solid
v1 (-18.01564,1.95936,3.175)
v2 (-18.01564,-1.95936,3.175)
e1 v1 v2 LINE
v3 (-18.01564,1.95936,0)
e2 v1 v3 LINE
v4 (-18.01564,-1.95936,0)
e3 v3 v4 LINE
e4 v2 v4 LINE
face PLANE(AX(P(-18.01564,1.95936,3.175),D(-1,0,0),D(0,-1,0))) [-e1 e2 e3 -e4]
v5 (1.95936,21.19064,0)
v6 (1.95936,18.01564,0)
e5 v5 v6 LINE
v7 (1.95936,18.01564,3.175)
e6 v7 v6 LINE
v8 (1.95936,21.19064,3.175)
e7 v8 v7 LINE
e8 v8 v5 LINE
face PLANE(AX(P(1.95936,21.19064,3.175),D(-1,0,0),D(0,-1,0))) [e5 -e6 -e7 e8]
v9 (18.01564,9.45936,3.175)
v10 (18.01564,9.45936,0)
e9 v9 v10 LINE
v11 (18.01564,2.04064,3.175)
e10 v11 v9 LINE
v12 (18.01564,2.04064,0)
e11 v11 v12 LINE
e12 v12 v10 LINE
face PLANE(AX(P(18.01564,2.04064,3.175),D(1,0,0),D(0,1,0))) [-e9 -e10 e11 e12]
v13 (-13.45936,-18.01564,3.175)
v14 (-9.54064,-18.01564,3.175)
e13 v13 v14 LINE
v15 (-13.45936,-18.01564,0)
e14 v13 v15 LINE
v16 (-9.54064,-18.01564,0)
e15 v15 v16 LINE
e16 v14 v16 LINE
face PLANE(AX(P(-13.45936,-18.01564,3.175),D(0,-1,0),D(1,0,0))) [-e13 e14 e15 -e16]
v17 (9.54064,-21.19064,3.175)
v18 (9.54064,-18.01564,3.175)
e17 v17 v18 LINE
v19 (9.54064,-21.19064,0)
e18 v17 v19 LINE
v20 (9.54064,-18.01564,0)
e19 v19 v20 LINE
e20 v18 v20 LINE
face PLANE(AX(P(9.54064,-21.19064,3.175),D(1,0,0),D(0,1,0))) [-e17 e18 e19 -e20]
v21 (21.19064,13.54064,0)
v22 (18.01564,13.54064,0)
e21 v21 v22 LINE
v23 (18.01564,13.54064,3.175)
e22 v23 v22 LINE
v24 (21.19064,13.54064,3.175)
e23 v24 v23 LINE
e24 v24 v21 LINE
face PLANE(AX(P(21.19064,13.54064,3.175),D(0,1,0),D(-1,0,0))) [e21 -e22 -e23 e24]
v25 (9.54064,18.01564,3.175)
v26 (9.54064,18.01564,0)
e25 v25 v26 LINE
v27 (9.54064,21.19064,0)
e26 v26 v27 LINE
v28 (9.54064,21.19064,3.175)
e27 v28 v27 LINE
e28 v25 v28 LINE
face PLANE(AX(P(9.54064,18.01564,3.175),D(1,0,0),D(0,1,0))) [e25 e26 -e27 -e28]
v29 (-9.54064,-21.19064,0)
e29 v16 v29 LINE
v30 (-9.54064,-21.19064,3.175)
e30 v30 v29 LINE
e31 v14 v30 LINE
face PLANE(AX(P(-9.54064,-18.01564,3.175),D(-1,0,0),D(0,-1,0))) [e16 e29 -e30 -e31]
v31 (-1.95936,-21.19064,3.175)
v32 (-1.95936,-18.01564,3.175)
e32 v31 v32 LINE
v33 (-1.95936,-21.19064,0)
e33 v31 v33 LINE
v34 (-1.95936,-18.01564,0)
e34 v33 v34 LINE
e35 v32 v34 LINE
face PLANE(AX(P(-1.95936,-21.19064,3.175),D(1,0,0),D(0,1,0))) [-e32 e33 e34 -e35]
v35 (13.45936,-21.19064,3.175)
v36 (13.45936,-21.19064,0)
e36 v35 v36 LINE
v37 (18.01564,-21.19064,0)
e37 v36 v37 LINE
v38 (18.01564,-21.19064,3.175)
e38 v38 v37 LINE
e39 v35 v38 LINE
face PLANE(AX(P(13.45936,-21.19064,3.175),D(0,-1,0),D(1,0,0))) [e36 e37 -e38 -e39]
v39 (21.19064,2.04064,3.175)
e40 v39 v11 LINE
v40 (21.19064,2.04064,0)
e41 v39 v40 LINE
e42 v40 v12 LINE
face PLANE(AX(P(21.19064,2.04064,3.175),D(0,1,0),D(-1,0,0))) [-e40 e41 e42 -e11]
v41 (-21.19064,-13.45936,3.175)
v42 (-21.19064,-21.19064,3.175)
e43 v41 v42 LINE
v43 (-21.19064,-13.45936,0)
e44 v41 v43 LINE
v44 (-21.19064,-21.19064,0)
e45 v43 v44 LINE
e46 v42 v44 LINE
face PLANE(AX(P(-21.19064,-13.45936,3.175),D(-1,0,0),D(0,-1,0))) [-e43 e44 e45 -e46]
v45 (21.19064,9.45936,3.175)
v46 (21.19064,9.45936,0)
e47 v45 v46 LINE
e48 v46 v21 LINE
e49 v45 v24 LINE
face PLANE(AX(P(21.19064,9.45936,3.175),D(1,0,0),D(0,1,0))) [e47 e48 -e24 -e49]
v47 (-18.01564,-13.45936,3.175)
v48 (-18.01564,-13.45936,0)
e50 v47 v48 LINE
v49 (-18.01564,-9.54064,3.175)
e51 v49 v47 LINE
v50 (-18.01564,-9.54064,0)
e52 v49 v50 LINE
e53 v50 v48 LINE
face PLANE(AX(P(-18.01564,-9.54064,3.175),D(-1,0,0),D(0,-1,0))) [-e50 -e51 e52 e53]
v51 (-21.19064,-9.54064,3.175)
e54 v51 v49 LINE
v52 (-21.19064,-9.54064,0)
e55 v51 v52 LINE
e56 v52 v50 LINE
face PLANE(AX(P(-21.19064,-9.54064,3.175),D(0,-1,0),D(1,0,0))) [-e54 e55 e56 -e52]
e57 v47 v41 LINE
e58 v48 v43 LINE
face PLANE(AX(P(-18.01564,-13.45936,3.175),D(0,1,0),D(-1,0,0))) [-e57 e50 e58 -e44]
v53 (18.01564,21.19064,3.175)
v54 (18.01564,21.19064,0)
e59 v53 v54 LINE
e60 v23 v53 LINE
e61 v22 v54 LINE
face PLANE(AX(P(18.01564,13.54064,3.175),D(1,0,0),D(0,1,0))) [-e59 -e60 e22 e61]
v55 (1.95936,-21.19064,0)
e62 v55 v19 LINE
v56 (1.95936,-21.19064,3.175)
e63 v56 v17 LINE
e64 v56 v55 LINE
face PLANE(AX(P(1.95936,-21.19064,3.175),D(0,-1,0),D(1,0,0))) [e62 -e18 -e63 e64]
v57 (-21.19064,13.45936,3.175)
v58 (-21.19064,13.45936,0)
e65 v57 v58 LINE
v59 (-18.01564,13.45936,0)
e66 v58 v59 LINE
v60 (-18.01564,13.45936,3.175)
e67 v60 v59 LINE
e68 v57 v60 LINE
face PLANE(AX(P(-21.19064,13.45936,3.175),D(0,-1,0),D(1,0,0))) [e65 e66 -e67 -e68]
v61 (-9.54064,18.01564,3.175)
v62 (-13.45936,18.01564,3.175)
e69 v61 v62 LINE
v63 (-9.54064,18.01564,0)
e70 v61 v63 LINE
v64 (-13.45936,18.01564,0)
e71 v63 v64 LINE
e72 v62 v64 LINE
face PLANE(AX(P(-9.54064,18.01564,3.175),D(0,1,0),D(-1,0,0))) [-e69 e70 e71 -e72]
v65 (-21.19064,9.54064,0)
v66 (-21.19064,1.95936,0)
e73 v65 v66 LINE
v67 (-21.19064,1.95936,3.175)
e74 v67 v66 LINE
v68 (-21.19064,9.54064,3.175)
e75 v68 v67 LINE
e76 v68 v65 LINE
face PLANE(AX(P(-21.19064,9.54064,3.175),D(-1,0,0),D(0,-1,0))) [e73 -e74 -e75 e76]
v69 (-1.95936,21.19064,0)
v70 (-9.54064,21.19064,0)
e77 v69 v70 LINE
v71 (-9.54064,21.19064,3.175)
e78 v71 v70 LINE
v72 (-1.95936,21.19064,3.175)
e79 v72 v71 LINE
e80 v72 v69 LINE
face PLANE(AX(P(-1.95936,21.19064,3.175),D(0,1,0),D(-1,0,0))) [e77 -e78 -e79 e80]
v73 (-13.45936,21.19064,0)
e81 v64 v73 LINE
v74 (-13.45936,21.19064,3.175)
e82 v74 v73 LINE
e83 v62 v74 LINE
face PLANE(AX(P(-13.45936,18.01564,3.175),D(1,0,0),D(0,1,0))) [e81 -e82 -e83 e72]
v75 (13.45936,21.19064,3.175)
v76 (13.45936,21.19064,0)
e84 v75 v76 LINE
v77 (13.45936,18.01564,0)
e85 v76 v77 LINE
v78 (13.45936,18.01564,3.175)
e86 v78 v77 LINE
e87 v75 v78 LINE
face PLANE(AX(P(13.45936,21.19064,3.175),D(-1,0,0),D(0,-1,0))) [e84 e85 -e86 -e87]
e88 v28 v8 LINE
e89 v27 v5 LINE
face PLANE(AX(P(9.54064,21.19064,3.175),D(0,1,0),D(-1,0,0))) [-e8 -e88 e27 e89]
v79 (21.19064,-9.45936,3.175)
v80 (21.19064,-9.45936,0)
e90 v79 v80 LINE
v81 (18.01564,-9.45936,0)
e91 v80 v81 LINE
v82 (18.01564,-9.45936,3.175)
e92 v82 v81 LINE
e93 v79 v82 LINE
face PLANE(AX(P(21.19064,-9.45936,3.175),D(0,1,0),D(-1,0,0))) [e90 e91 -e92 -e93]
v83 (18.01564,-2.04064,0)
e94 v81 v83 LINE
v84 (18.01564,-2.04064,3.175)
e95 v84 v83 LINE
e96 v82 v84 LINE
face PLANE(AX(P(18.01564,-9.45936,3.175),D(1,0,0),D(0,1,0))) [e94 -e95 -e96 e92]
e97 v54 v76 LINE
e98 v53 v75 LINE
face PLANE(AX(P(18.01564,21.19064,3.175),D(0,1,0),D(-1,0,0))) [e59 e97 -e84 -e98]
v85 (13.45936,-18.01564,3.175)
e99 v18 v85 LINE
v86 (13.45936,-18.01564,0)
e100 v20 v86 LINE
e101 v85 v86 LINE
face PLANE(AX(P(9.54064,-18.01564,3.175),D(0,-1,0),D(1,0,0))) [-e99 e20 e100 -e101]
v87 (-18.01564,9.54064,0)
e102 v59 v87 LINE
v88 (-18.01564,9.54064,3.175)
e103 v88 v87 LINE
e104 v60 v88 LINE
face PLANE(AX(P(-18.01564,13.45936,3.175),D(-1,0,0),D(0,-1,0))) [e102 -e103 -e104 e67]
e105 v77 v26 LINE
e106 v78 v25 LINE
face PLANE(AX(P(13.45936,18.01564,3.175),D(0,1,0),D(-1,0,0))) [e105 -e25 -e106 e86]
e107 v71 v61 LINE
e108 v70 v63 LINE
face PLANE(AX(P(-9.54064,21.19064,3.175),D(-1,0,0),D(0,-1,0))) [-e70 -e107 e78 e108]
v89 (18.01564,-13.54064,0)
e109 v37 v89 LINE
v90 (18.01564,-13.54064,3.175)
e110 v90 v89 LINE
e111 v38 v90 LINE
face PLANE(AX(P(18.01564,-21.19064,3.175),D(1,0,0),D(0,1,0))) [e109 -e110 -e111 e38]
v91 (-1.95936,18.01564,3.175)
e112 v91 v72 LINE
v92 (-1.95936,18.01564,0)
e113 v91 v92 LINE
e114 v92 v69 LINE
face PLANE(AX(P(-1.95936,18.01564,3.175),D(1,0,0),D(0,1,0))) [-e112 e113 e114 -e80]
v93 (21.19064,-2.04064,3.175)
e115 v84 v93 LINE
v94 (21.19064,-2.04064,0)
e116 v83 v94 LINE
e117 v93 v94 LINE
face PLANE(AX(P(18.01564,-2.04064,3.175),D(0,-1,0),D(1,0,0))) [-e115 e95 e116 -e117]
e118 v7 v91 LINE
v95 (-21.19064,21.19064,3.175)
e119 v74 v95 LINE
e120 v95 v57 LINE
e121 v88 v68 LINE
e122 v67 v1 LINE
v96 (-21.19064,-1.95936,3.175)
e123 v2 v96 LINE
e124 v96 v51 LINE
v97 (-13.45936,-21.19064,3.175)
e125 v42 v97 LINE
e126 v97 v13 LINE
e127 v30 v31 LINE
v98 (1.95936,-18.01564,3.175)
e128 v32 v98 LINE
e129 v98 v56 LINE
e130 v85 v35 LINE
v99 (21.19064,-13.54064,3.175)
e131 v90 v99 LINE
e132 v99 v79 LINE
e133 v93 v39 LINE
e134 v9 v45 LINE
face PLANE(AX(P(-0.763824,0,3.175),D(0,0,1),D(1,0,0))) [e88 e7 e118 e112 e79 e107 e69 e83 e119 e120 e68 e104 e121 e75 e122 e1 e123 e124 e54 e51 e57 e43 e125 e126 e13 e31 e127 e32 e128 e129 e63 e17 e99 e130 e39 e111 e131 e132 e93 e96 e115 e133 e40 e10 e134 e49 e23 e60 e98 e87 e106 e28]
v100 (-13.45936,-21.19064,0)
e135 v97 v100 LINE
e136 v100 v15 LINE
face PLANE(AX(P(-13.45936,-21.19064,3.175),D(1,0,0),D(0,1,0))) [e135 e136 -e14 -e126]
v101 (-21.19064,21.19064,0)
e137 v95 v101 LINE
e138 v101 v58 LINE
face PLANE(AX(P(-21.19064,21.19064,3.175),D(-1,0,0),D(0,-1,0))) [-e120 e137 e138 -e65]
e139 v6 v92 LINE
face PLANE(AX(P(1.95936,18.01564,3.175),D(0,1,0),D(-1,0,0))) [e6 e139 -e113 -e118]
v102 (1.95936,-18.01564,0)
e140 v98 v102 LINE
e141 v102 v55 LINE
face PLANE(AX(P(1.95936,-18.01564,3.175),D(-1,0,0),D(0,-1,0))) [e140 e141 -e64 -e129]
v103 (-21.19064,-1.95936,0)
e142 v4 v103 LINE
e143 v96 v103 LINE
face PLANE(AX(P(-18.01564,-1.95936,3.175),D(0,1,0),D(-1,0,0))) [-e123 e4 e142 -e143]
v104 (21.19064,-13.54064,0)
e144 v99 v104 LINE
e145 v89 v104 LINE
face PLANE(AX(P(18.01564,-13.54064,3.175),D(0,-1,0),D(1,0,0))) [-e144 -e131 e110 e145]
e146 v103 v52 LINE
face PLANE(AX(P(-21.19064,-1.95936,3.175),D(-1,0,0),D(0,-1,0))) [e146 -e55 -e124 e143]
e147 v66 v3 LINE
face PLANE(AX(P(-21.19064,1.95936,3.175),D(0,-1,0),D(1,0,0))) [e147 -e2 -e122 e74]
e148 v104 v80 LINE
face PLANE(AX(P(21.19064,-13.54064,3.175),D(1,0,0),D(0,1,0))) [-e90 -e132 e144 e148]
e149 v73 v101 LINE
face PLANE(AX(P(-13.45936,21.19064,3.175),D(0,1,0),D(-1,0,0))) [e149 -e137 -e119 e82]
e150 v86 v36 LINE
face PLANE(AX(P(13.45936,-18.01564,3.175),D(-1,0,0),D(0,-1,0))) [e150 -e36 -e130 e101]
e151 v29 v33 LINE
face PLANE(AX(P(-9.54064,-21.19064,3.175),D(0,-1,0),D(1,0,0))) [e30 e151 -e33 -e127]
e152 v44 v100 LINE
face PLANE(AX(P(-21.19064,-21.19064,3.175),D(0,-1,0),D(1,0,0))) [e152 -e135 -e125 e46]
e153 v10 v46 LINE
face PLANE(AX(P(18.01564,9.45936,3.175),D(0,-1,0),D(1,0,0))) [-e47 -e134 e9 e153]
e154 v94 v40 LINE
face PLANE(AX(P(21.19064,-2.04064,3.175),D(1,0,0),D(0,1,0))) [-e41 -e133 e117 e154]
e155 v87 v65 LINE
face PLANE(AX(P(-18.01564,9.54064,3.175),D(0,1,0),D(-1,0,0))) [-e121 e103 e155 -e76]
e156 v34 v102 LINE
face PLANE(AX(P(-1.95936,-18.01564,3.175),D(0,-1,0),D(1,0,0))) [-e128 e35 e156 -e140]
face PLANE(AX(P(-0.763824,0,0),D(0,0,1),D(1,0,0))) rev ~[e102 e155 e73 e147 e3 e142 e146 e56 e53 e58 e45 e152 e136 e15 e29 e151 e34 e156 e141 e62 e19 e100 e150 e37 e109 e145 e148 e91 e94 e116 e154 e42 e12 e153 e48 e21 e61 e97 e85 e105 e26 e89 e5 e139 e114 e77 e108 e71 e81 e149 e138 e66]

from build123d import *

# Parameters (mm, degrees)
BOSS_EXTRUDE1_DEPTH = 3.175
BOSS_EXTRUDE2_DEPTH = 3.175


with BuildPart() as part:
    # Sketch2 → Boss-Extrude1 (new body)
    with BuildSketch(Plane.XY):
        Polygon((-2, 17.975), (-2, 21.15), (-9.5, 21.15), (-9.5, 17.975), (-13.5, 17.975), (-13.5, 21.15), (-21.15, 21.15), (-21.15, 13.5), (-17.975, 13.5), (-17.975, 9.5), (-21.15, 9.5), (-21.15, 2), (-17.975, 2), (-17.975, -2), (-21.15, -2), (-21.15, -9.5), (-17.975, -9.5), (-17.975, -13.5), (-21.15, -13.5), (-21.15, -21.15), (-13.5, -21.15), (-13.5, -17.975), (-9.5, -17.975), (-9.5, -21.15), (-2, -21.15), (-2, -17.975), (2, -17.975), (2, -21.15), (9.5, -21.15), (9.5, -17.975), (13.5, -17.975), (13.5, -21.15), (17.975, -21.15), (17.975, -13.5), (21.15, -13.5), (21.15, -9.5), (17.975, -9.5), (17.975, -2), (21.15, -2), (21.15, 2), (17.975, 2), (17.975, 9.5), (21.15, 9.5), (21.15, 13.5), (17.975, 13.5), (17.975, 21.15), (13.5, 21.15), (13.5, 17.975), (9.5, 17.975), (9.5, 21.15), (2, 21.15), (2, 17.975), align=None)
    extrude(amount=BOSS_EXTRUDE1_DEPTH)

    # Sketch3 → Boss-Extrude2 (add)
    with BuildSketch(Plane.XY.offset(3.175)):
        Polygon((18.01564, -2.04064), (21.19064, -2.04064), (21.19064, 2.04064), (18.01564, 2.04064), (18.01564, 9.45936), (21.19064, 9.45936), (21.19064, 13.54064), (18.01564, 13.54064), (18.01564, 21.19064), (13.45936, 21.19064), (13.45936, 18.01564), (9.54064, 18.01564), (9.54064, 21.19064), (1.95936, 21.19064), (1.95936, 18.01564), (-1.95936, 18.01564), (-1.95936, 21.19064), (-9.54064, 21.19064), (-9.54064, 18.01564), (-13.45936, 18.01564), (-13.45936, 21.19064), (-21.19064, 21.19064), (-21.19064, 13.45936), (-18.01564, 13.45936), (-18.01564, 9.54064), (-21.19064, 9.54064), (-21.19064, 1.95936), (-18.01564, 1.95936), (-18.01564, -1.95936), (-21.19064, -1.95936), (-21.19064, -9.54064), (-18.01564, -9.54064), (-18.01564, -13.45936), (-21.19064, -13.45936), (-21.19064, -21.19064), (-13.45936, -21.19064), (-13.45936, -18.01564), (-9.54064, -18.01564), (-9.54064, -21.19064), (-1.95936, -21.19064), (-1.95936, -18.01564), (1.95936, -18.01564), (1.95936, -21.19064), (9.54064, -21.19064), (9.54064, -18.01564), (13.45936, -18.01564), (13.45936, -21.19064), (18.01564, -21.19064), (18.01564, -13.54064), (21.19064, -13.54064), (21.19064, -9.45936), (18.01564, -9.45936), align=None)
    extrude(amount=-BOSS_EXTRUDE2_DEPTH)


solid = part.part
